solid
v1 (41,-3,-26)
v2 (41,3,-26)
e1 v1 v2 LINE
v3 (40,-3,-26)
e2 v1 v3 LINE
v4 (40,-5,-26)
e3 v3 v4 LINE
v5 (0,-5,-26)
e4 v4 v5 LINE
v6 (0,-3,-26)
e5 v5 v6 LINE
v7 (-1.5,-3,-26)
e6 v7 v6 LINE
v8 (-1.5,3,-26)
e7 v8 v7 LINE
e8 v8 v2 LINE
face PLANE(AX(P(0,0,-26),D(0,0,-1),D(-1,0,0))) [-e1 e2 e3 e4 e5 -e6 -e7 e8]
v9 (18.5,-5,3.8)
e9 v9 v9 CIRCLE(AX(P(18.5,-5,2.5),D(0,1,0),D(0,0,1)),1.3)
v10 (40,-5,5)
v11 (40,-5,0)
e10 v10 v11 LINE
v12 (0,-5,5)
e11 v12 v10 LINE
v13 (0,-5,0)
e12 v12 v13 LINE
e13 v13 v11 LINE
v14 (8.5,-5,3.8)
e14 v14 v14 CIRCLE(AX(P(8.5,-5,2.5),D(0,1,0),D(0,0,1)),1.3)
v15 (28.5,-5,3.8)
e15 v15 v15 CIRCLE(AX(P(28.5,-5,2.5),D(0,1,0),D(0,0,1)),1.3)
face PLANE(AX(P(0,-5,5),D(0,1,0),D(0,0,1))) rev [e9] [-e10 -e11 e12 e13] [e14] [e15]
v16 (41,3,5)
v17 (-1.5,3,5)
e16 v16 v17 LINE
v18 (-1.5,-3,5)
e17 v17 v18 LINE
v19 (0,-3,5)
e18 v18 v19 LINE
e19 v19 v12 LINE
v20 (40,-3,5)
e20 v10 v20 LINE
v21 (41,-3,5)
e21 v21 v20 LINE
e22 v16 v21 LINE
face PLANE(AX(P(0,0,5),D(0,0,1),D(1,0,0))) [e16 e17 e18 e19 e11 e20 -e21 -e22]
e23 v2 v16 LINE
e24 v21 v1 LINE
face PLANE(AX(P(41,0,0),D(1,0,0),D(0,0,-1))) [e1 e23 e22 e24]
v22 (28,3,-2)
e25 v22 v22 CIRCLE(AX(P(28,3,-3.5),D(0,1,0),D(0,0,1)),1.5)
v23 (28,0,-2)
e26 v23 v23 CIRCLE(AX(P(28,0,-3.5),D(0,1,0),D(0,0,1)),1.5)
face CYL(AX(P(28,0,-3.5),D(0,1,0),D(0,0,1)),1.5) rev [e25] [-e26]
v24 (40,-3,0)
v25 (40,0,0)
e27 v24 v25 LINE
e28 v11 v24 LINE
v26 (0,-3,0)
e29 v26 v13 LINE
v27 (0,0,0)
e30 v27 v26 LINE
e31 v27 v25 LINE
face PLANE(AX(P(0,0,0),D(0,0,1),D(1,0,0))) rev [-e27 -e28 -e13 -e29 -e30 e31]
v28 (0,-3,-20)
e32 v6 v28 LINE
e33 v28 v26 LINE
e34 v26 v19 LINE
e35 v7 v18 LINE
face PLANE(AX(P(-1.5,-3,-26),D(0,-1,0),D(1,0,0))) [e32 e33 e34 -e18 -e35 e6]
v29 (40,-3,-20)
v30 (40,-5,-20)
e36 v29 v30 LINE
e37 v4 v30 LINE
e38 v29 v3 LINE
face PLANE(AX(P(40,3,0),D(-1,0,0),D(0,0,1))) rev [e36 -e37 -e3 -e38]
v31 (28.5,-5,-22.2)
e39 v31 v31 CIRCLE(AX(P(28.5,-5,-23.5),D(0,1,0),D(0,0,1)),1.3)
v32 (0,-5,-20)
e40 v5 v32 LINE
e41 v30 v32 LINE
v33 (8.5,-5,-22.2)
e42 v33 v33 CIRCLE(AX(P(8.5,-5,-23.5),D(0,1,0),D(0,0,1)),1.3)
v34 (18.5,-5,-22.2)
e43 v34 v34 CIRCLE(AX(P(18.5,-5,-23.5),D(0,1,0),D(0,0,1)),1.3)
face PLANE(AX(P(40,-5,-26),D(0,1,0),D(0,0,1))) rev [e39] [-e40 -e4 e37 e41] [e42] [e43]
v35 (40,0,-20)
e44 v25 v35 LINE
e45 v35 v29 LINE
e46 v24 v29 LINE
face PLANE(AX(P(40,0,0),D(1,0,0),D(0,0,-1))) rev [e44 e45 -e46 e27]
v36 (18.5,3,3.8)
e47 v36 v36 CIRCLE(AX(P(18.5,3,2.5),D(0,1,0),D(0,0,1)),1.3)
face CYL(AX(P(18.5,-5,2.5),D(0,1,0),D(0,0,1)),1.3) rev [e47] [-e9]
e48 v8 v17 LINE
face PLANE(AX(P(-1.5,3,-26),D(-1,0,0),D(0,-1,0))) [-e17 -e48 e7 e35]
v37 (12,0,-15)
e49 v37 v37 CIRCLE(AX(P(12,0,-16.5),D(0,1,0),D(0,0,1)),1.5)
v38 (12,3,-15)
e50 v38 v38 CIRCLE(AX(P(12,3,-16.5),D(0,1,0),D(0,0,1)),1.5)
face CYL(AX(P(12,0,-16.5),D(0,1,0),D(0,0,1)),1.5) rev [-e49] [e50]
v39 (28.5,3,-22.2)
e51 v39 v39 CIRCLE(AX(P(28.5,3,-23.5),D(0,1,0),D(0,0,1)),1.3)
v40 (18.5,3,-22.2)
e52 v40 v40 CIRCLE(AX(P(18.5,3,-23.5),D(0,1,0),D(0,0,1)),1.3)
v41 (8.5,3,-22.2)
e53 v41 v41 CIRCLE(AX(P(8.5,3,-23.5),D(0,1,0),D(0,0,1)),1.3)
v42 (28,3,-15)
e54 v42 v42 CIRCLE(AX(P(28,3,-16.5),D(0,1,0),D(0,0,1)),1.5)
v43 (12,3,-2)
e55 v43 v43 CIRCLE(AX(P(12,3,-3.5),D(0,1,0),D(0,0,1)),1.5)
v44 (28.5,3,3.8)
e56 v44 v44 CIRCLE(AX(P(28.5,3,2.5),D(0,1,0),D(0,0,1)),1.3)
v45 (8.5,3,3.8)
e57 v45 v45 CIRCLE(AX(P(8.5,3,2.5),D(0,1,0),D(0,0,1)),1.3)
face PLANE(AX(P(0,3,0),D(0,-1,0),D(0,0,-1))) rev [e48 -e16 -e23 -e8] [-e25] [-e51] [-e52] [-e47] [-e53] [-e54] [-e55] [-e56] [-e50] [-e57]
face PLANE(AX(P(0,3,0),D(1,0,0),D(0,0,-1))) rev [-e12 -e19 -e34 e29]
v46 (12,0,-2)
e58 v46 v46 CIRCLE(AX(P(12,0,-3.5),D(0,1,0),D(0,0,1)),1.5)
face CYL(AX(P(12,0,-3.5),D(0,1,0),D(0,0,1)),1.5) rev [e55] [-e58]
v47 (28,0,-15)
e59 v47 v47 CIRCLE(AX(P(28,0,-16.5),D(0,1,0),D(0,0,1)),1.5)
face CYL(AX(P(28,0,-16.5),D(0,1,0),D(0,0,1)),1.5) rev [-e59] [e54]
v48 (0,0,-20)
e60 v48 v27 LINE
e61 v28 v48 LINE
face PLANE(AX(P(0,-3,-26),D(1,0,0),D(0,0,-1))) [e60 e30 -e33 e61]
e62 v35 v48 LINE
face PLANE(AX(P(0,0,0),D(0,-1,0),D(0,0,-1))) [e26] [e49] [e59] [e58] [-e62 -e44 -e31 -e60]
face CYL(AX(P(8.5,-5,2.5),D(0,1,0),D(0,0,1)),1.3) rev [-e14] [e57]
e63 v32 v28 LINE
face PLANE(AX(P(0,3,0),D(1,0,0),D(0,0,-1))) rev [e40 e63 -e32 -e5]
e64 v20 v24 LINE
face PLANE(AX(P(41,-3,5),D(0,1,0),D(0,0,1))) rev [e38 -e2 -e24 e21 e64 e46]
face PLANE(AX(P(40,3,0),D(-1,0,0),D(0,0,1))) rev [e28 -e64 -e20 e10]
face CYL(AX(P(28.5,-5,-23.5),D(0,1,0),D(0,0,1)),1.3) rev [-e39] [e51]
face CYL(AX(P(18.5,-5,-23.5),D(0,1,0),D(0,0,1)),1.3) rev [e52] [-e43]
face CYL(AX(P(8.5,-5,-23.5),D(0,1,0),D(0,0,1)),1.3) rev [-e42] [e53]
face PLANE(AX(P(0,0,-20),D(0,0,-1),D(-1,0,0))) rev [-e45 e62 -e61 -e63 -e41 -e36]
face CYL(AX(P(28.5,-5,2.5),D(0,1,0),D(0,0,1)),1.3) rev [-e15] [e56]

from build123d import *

# Parameters (mm, degrees)
SKETCH_1_W          = 40
SKETCH_1_H          = 20
EXTRUDE_1_DEPTH     = 3
SKETCH_2_R          = 1.5
CUT_EXTRUDE_1_DEPTH = 3
SKETCH_3_W          = 40
SKETCH_3_H          = 8
EXTRUDE_2_DEPTH     = 5
SKETCH_4_W          = 40
SKETCH_4_H          = 8
EXTRUDE_3_DEPTH     = 6
SKETCH_6_R          = 1.3
CUT_EXTRUDE_2_DEPTH = 8
SKETCH_11_W         = 1.5
SKETCH_11_H         = 6
EXTRUDE_5_DEPTH     = 31
SKETCH_12_W         = 31
SKETCH_12_H         = 6
EXTRUDE_6_DEPTH     = 1


with BuildPart() as part:
    # 草圖1 → 填料-伸長1 (new body)
    with BuildSketch(Plane(origin=(0, 0, 0), x_dir=(1, 0, 0), z_dir=(0, 1, 0))):
        with Locations((20, 10)):
            Rectangle(SKETCH_1_W, SKETCH_1_H)
    extrude(amount=EXTRUDE_1_DEPTH)

    # 草圖2 → 除料-伸長1 (cut)
    with BuildSketch(Plane(origin=(0, 3, 0), x_dir=(1, 0, 0), z_dir=(0, 1, 0))):
        with Locations(Location((28, 16.5, 0), (0, 0, 270))):
            Circle(SKETCH_2_R)
        with Locations(Location((12, 16.5, 0), (0, 0, 270))):
            Circle(SKETCH_2_R)
        with Locations(Location((12, 3.5, 0), (0, 0, 270))):
            Circle(SKETCH_2_R)
        with Locations(Location((28, 3.5, 0), (0, 0, 270))):
            Circle(SKETCH_2_R)
    extrude(amount=-CUT_EXTRUDE_1_DEPTH, mode=Mode.SUBTRACT)

    # 草圖3 → 填料-伸長2 (add)
    with BuildSketch(Plane.XY):
        with Locations((20, -1)):
            Rectangle(SKETCH_3_W, SKETCH_3_H)
    extrude(amount=EXTRUDE_2_DEPTH)

    # 草圖4 → 填料-伸長3 (add)
    with BuildSketch(Plane(origin=(0, 0, -20), x_dir=(-1, 0, 0), z_dir=(0, 0, -1))):
        with Locations((-20, -1)):
            Rectangle(SKETCH_4_W, SKETCH_4_H)
    extrude(amount=EXTRUDE_3_DEPTH)

    # 草圖6 → 除料-伸長2 (cut)
    with BuildSketch(Plane(origin=(0, 3, 0), x_dir=(1, 0, 0), z_dir=(0, 1, 0))):
        with Locations(Location((8.5, 23.5, 0), (0, 0, 270))):
            Circle(SKETCH_6_R)
        with Locations(Location((18.5, 23.5, 0), (0, 0, 270))):
            Circle(SKETCH_6_R)
        with Locations(Location((28.5, 23.5, 0), (0, 0, 270))):
            Circle(SKETCH_6_R)
        with Locations(Location((8.5, -2.5, 0), (0, 0, 270))):
            Circle(SKETCH_6_R)
        with Locations(Location((18.5, -2.5, 0), (0, 0, 270))):
            Circle(SKETCH_6_R)
        with Locations(Location((28.5, -2.5, 0), (0, 0, 270))):
            Circle(SKETCH_6_R)
    extrude(amount=-CUT_EXTRUDE_2_DEPTH, mode=Mode.SUBTRACT)

    # 草圖11 → 填料-伸長5 (add)
    with BuildSketch(Plane.XY.offset(5)):
        with Locations((-0.75, 0)):
            Rectangle(SKETCH_11_W, SKETCH_11_H)
    extrude(amount=-EXTRUDE_5_DEPTH)

    # 草圖12 → 填料-伸長6 (add)
    with BuildSketch(Plane(origin=(40, 0, 0), x_dir=(0, 0, -1), z_dir=(1, 0, 0))):
        with Locations((10.5, 0)):
            Rectangle(SKETCH_12_W, SKETCH_12_H)
    extrude(amount=EXTRUDE_6_DEPTH)


solid = part.part
